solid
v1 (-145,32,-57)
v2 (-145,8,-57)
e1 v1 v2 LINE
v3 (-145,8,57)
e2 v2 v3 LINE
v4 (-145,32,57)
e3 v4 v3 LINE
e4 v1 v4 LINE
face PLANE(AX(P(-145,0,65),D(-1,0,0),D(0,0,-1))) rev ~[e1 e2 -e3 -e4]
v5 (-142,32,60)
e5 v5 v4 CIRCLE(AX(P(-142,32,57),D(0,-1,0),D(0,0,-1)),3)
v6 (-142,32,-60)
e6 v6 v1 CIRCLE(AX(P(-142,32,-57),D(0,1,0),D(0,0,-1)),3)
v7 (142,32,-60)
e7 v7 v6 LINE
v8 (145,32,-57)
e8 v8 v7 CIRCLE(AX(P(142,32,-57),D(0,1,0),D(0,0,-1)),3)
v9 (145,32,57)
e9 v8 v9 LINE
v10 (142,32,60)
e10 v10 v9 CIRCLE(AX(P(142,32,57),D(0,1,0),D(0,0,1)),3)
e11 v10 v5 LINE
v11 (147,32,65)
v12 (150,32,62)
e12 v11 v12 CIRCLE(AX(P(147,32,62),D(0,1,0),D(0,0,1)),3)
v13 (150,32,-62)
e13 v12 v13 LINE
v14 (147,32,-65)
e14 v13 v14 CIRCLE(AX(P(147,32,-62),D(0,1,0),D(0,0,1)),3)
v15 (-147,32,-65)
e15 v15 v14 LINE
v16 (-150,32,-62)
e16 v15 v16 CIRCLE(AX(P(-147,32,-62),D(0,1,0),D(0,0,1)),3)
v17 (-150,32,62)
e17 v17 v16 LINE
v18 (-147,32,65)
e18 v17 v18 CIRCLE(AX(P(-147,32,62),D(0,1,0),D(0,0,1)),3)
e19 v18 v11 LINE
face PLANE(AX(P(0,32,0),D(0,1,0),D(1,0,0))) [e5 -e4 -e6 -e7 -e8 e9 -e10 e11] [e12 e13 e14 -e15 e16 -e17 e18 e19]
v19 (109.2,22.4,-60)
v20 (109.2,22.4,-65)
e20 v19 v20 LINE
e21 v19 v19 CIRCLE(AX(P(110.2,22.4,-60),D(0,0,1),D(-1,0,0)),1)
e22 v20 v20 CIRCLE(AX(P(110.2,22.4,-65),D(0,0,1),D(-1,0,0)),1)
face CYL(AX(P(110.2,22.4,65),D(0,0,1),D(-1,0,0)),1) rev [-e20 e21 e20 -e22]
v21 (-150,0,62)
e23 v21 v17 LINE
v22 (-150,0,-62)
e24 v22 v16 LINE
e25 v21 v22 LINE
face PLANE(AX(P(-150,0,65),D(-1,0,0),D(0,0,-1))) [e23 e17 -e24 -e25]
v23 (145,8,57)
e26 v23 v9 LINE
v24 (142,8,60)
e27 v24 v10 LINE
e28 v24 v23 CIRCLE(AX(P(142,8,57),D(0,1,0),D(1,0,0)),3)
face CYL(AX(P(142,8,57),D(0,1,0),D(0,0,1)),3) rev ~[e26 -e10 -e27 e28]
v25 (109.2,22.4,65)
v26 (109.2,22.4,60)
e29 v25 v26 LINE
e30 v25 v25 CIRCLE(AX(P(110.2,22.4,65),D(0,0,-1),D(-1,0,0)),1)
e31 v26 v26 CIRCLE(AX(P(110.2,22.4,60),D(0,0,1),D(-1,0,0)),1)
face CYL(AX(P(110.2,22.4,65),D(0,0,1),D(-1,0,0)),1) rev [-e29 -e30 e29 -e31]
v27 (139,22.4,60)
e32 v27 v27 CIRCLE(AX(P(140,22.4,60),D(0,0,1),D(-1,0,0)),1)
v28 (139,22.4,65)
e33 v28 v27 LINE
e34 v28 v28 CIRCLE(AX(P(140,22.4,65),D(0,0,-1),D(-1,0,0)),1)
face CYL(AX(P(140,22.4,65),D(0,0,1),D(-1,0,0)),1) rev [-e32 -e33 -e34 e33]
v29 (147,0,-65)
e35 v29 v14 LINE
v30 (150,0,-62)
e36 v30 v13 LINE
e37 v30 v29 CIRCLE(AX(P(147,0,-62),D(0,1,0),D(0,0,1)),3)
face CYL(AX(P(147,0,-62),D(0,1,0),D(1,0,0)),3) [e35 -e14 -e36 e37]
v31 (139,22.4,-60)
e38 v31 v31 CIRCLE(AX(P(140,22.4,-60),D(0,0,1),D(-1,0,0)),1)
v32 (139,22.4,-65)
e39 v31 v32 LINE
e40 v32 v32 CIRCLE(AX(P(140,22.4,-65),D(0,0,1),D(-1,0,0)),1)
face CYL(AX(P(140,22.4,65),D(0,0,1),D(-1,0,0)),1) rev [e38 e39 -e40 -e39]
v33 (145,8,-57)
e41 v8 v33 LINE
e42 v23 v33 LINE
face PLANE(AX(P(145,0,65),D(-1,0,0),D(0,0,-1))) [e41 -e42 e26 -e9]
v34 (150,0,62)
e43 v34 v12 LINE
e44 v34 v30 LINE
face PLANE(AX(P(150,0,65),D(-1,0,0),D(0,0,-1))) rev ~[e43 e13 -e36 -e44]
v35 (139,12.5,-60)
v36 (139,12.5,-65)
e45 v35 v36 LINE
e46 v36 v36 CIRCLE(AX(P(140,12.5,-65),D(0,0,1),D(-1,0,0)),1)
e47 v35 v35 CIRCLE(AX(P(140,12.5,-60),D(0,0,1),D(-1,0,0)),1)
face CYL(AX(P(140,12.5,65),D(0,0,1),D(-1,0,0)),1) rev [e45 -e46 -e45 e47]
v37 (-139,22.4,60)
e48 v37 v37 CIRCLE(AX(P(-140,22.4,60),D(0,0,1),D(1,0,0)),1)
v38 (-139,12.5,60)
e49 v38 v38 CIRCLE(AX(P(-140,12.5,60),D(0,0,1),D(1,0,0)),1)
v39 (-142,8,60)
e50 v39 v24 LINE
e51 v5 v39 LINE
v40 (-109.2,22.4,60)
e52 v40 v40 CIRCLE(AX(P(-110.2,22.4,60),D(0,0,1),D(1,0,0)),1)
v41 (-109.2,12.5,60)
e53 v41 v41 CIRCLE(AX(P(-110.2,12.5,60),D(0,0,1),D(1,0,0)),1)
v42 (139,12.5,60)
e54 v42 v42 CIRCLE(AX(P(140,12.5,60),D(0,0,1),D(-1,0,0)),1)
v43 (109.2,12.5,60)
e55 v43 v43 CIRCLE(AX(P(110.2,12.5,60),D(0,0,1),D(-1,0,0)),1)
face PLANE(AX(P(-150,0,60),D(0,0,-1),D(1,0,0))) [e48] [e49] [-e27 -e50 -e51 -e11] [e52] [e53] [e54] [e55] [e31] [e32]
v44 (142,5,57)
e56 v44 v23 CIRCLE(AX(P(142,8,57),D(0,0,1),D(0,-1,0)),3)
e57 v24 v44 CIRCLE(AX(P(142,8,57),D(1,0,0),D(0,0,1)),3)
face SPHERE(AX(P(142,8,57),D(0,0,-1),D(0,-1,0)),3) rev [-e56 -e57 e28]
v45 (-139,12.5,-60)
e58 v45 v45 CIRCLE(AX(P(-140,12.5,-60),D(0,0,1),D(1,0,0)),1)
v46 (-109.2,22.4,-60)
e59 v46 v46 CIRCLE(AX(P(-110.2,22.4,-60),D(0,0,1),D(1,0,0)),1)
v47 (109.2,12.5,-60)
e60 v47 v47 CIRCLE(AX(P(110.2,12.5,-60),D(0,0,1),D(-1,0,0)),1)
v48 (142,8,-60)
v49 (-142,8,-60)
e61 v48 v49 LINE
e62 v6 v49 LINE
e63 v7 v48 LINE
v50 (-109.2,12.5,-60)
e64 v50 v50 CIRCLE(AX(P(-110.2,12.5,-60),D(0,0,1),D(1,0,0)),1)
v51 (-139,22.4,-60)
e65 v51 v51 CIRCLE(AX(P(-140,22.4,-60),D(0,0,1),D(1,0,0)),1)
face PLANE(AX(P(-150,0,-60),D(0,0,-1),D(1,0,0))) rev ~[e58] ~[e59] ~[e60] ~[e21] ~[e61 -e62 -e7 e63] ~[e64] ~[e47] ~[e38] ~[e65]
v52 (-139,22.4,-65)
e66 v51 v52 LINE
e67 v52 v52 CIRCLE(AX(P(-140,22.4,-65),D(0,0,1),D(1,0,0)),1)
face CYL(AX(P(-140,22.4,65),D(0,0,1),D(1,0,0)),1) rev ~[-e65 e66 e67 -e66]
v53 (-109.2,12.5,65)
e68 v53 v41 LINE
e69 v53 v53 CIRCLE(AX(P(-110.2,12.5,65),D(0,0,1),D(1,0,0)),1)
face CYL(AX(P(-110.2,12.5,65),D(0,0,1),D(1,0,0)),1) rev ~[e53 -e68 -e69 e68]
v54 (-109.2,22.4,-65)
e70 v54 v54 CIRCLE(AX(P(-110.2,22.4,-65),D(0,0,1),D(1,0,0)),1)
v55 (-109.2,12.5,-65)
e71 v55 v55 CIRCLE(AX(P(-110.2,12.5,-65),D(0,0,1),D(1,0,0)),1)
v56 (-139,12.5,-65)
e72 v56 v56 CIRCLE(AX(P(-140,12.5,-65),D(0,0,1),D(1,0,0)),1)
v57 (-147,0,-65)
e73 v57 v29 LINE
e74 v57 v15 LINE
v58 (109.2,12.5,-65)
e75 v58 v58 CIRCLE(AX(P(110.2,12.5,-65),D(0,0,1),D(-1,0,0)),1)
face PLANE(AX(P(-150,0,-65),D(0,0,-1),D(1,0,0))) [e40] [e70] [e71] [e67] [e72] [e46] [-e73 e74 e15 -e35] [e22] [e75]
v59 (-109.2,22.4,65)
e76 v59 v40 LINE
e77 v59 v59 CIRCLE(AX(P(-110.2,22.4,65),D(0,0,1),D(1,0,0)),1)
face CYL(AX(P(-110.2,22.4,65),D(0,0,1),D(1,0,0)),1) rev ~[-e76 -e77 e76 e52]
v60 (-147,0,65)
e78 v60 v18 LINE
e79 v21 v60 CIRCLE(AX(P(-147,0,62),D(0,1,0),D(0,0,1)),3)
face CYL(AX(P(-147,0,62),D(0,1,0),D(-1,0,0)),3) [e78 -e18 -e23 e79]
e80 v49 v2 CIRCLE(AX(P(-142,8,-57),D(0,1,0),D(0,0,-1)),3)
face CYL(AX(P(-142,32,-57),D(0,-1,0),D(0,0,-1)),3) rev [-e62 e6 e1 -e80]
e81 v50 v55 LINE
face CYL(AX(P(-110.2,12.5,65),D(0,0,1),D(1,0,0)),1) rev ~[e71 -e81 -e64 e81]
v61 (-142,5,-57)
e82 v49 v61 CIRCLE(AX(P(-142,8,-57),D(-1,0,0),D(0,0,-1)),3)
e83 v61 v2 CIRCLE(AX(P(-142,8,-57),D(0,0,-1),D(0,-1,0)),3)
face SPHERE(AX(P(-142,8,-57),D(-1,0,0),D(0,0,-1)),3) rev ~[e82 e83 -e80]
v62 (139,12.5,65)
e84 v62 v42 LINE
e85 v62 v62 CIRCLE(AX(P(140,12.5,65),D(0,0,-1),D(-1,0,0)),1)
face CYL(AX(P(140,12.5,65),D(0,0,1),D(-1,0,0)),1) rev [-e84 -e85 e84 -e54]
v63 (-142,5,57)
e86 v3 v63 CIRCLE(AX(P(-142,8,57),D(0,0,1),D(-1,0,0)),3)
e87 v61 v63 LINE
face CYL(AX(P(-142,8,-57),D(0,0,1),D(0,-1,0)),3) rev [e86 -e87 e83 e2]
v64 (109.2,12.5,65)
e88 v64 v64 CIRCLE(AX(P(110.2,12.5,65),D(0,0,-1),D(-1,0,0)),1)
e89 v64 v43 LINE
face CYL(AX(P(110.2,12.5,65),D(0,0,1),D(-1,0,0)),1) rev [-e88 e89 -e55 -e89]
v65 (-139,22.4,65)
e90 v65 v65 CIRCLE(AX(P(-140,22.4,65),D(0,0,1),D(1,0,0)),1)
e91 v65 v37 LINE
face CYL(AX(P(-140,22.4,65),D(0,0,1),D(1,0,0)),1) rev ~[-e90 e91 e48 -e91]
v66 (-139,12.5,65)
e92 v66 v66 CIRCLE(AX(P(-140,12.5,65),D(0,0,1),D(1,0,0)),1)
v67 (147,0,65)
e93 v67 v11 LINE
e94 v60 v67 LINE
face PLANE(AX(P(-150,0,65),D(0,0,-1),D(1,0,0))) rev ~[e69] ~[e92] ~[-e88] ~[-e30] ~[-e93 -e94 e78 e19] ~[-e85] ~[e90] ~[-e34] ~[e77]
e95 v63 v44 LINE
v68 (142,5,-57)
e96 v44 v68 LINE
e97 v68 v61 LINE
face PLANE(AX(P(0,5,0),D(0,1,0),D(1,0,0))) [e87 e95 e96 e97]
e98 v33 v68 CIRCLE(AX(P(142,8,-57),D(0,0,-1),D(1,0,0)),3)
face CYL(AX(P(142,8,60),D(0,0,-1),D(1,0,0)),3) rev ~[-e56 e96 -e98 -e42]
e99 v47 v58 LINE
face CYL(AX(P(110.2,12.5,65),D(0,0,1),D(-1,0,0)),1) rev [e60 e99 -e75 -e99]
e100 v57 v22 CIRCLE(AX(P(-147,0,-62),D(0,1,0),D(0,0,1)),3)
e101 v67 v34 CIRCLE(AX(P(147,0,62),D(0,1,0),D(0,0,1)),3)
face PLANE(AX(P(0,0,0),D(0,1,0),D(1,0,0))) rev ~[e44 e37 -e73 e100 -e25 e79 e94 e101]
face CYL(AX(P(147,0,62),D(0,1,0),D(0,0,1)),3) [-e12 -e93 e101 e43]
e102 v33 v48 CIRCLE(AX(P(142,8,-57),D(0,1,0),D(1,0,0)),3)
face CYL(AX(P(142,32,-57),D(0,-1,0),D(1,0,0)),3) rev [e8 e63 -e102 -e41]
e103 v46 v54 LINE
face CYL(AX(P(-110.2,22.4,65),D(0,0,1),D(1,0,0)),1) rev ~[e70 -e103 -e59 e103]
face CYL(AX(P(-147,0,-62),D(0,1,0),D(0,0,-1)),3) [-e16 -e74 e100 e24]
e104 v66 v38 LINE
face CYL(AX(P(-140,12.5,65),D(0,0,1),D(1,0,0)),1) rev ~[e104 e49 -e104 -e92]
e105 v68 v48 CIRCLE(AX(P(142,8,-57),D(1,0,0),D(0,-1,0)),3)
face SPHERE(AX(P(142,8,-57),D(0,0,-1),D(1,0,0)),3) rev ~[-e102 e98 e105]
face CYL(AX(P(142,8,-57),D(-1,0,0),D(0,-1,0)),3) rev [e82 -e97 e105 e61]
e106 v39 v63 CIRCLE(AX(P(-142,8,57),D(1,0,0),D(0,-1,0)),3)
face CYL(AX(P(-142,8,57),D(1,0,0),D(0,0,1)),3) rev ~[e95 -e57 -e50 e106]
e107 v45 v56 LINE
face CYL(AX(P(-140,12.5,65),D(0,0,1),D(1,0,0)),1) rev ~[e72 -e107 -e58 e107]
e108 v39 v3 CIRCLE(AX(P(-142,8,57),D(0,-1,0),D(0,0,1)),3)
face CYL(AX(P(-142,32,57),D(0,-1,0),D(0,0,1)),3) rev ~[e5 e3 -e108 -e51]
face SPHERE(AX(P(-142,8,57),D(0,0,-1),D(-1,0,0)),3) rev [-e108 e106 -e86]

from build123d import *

# Parameters (mm, degrees)
SKETCH1_W           = 300
SKETCH1_H           = 130
BOSS_EXTRUDE1_DEPTH = 32
SHELL1_T            = -5
SKETCH3_R           = 1
CUT_EXTRUDE1_DEPTH  = 202.05720579
FILLET1_R           = 3
FILLET2_R           = 3
FILLET3_R           = 3
FILLET4_R           = 3
FILLET5_R           = 3
FILLET6_R           = 3
FILLET7_R           = 3
FILLET8_R           = 3


with BuildPart() as part:
    # Sketch1 → Boss-Extrude1 (new body)
    with BuildSketch(Plane(origin=(0, 0, 0), x_dir=(1, 0, 0), z_dir=(0, 1, 0))):
        Rectangle(SKETCH1_W, SKETCH1_H)
    extrude(amount=BOSS_EXTRUDE1_DEPTH)

    # Shell1
    shell1_openings = [part.faces().sort_by_distance(p)[0] for p in [
        (0, 32, 0),
    ]]
    offset(amount=SHELL1_T, openings=shell1_openings, kind=Kind.INTERSECTION)

    # Sketch3 → Cut-Extrude1 (cut, through all)
    with BuildSketch(Plane.XY.offset(65)):
        with Locations((-140, 22.4)):
            Circle(SKETCH3_R)
        with Locations((-110.2, 22.4)):
            Circle(SKETCH3_R)
        with Locations((-140, 12.5)):
            Circle(SKETCH3_R)
        with Locations((-110.2, 12.5)):
            Circle(SKETCH3_R)
    cut_extrude1 = extrude(amount=-CUT_EXTRUDE1_DEPTH, mode=Mode.SUBTRACT)

    # Mirror1: Cut-Extrude1 across plane
    add(cut_extrude1.mirror(Plane(origin=(0, 0, 0), x_dir=(0, 0, 1), z_dir=(1, 0, 0))), mode=Mode.SUBTRACT)

    # Fillet1
    fillet1_edges = [part.edges().sort_by_distance(p)[0] for p in [
        (145, 5, 0),
    ]]
    fillet(fillet1_edges, radius=FILLET1_R)

    # Fillet2
    fillet2_edges = [part.edges().sort_by_distance(p)[0] for p in [
        (145, 20, -60),
        (-1.5, 5, -60),
        (144.121320344, 5.878679656, -60),
    ]]
    fillet(fillet2_edges, radius=FILLET2_R)

    # Fillet3
    fillet3_edges = [part.edges().sort_by_distance(p)[0] for p in [
        (-145, 20, -60),
        (-145, 5, 1.5),
        (-145, 5.878679656, -59.121320344),
    ]]
    fillet(fillet3_edges, radius=FILLET3_R)

    # Fillet4
    fillet4_edges = [part.edges().sort_by_distance(p)[0] for p in [
        (0, 5, 60),
        (-144.121320344, 5.878679656, 60),
        (145, 20, 60),
        (-145, 20, 60),
        (144.121320344, 5.878679656, 60),
    ]]
    fillet(fillet4_edges, radius=FILLET4_R)

    # Fillet5
    fillet5_edges = [part.edges().sort_by_distance(p)[0] for p in [
        (150, 16, -65),
    ]]
    fillet(fillet5_edges, radius=FILLET5_R)

    # Fillet6
    fillet6_edges = [part.edges().sort_by_distance(p)[0] for p in [
        (-150, 16, -65),
    ]]
    fillet(fillet6_edges, radius=FILLET6_R)

    # Fillet7
    fillet7_edges = [part.edges().sort_by_distance(p)[0] for p in [
        (-150, 16, 65),
    ]]
    fillet(fillet7_edges, radius=FILLET7_R)

    # Fillet8
    fillet8_edges = [part.edges().sort_by_distance(p)[0] for p in [
        (150, 16, 65),
    ]]
    fillet(fillet8_edges, radius=FILLET8_R)


solid = part.part
